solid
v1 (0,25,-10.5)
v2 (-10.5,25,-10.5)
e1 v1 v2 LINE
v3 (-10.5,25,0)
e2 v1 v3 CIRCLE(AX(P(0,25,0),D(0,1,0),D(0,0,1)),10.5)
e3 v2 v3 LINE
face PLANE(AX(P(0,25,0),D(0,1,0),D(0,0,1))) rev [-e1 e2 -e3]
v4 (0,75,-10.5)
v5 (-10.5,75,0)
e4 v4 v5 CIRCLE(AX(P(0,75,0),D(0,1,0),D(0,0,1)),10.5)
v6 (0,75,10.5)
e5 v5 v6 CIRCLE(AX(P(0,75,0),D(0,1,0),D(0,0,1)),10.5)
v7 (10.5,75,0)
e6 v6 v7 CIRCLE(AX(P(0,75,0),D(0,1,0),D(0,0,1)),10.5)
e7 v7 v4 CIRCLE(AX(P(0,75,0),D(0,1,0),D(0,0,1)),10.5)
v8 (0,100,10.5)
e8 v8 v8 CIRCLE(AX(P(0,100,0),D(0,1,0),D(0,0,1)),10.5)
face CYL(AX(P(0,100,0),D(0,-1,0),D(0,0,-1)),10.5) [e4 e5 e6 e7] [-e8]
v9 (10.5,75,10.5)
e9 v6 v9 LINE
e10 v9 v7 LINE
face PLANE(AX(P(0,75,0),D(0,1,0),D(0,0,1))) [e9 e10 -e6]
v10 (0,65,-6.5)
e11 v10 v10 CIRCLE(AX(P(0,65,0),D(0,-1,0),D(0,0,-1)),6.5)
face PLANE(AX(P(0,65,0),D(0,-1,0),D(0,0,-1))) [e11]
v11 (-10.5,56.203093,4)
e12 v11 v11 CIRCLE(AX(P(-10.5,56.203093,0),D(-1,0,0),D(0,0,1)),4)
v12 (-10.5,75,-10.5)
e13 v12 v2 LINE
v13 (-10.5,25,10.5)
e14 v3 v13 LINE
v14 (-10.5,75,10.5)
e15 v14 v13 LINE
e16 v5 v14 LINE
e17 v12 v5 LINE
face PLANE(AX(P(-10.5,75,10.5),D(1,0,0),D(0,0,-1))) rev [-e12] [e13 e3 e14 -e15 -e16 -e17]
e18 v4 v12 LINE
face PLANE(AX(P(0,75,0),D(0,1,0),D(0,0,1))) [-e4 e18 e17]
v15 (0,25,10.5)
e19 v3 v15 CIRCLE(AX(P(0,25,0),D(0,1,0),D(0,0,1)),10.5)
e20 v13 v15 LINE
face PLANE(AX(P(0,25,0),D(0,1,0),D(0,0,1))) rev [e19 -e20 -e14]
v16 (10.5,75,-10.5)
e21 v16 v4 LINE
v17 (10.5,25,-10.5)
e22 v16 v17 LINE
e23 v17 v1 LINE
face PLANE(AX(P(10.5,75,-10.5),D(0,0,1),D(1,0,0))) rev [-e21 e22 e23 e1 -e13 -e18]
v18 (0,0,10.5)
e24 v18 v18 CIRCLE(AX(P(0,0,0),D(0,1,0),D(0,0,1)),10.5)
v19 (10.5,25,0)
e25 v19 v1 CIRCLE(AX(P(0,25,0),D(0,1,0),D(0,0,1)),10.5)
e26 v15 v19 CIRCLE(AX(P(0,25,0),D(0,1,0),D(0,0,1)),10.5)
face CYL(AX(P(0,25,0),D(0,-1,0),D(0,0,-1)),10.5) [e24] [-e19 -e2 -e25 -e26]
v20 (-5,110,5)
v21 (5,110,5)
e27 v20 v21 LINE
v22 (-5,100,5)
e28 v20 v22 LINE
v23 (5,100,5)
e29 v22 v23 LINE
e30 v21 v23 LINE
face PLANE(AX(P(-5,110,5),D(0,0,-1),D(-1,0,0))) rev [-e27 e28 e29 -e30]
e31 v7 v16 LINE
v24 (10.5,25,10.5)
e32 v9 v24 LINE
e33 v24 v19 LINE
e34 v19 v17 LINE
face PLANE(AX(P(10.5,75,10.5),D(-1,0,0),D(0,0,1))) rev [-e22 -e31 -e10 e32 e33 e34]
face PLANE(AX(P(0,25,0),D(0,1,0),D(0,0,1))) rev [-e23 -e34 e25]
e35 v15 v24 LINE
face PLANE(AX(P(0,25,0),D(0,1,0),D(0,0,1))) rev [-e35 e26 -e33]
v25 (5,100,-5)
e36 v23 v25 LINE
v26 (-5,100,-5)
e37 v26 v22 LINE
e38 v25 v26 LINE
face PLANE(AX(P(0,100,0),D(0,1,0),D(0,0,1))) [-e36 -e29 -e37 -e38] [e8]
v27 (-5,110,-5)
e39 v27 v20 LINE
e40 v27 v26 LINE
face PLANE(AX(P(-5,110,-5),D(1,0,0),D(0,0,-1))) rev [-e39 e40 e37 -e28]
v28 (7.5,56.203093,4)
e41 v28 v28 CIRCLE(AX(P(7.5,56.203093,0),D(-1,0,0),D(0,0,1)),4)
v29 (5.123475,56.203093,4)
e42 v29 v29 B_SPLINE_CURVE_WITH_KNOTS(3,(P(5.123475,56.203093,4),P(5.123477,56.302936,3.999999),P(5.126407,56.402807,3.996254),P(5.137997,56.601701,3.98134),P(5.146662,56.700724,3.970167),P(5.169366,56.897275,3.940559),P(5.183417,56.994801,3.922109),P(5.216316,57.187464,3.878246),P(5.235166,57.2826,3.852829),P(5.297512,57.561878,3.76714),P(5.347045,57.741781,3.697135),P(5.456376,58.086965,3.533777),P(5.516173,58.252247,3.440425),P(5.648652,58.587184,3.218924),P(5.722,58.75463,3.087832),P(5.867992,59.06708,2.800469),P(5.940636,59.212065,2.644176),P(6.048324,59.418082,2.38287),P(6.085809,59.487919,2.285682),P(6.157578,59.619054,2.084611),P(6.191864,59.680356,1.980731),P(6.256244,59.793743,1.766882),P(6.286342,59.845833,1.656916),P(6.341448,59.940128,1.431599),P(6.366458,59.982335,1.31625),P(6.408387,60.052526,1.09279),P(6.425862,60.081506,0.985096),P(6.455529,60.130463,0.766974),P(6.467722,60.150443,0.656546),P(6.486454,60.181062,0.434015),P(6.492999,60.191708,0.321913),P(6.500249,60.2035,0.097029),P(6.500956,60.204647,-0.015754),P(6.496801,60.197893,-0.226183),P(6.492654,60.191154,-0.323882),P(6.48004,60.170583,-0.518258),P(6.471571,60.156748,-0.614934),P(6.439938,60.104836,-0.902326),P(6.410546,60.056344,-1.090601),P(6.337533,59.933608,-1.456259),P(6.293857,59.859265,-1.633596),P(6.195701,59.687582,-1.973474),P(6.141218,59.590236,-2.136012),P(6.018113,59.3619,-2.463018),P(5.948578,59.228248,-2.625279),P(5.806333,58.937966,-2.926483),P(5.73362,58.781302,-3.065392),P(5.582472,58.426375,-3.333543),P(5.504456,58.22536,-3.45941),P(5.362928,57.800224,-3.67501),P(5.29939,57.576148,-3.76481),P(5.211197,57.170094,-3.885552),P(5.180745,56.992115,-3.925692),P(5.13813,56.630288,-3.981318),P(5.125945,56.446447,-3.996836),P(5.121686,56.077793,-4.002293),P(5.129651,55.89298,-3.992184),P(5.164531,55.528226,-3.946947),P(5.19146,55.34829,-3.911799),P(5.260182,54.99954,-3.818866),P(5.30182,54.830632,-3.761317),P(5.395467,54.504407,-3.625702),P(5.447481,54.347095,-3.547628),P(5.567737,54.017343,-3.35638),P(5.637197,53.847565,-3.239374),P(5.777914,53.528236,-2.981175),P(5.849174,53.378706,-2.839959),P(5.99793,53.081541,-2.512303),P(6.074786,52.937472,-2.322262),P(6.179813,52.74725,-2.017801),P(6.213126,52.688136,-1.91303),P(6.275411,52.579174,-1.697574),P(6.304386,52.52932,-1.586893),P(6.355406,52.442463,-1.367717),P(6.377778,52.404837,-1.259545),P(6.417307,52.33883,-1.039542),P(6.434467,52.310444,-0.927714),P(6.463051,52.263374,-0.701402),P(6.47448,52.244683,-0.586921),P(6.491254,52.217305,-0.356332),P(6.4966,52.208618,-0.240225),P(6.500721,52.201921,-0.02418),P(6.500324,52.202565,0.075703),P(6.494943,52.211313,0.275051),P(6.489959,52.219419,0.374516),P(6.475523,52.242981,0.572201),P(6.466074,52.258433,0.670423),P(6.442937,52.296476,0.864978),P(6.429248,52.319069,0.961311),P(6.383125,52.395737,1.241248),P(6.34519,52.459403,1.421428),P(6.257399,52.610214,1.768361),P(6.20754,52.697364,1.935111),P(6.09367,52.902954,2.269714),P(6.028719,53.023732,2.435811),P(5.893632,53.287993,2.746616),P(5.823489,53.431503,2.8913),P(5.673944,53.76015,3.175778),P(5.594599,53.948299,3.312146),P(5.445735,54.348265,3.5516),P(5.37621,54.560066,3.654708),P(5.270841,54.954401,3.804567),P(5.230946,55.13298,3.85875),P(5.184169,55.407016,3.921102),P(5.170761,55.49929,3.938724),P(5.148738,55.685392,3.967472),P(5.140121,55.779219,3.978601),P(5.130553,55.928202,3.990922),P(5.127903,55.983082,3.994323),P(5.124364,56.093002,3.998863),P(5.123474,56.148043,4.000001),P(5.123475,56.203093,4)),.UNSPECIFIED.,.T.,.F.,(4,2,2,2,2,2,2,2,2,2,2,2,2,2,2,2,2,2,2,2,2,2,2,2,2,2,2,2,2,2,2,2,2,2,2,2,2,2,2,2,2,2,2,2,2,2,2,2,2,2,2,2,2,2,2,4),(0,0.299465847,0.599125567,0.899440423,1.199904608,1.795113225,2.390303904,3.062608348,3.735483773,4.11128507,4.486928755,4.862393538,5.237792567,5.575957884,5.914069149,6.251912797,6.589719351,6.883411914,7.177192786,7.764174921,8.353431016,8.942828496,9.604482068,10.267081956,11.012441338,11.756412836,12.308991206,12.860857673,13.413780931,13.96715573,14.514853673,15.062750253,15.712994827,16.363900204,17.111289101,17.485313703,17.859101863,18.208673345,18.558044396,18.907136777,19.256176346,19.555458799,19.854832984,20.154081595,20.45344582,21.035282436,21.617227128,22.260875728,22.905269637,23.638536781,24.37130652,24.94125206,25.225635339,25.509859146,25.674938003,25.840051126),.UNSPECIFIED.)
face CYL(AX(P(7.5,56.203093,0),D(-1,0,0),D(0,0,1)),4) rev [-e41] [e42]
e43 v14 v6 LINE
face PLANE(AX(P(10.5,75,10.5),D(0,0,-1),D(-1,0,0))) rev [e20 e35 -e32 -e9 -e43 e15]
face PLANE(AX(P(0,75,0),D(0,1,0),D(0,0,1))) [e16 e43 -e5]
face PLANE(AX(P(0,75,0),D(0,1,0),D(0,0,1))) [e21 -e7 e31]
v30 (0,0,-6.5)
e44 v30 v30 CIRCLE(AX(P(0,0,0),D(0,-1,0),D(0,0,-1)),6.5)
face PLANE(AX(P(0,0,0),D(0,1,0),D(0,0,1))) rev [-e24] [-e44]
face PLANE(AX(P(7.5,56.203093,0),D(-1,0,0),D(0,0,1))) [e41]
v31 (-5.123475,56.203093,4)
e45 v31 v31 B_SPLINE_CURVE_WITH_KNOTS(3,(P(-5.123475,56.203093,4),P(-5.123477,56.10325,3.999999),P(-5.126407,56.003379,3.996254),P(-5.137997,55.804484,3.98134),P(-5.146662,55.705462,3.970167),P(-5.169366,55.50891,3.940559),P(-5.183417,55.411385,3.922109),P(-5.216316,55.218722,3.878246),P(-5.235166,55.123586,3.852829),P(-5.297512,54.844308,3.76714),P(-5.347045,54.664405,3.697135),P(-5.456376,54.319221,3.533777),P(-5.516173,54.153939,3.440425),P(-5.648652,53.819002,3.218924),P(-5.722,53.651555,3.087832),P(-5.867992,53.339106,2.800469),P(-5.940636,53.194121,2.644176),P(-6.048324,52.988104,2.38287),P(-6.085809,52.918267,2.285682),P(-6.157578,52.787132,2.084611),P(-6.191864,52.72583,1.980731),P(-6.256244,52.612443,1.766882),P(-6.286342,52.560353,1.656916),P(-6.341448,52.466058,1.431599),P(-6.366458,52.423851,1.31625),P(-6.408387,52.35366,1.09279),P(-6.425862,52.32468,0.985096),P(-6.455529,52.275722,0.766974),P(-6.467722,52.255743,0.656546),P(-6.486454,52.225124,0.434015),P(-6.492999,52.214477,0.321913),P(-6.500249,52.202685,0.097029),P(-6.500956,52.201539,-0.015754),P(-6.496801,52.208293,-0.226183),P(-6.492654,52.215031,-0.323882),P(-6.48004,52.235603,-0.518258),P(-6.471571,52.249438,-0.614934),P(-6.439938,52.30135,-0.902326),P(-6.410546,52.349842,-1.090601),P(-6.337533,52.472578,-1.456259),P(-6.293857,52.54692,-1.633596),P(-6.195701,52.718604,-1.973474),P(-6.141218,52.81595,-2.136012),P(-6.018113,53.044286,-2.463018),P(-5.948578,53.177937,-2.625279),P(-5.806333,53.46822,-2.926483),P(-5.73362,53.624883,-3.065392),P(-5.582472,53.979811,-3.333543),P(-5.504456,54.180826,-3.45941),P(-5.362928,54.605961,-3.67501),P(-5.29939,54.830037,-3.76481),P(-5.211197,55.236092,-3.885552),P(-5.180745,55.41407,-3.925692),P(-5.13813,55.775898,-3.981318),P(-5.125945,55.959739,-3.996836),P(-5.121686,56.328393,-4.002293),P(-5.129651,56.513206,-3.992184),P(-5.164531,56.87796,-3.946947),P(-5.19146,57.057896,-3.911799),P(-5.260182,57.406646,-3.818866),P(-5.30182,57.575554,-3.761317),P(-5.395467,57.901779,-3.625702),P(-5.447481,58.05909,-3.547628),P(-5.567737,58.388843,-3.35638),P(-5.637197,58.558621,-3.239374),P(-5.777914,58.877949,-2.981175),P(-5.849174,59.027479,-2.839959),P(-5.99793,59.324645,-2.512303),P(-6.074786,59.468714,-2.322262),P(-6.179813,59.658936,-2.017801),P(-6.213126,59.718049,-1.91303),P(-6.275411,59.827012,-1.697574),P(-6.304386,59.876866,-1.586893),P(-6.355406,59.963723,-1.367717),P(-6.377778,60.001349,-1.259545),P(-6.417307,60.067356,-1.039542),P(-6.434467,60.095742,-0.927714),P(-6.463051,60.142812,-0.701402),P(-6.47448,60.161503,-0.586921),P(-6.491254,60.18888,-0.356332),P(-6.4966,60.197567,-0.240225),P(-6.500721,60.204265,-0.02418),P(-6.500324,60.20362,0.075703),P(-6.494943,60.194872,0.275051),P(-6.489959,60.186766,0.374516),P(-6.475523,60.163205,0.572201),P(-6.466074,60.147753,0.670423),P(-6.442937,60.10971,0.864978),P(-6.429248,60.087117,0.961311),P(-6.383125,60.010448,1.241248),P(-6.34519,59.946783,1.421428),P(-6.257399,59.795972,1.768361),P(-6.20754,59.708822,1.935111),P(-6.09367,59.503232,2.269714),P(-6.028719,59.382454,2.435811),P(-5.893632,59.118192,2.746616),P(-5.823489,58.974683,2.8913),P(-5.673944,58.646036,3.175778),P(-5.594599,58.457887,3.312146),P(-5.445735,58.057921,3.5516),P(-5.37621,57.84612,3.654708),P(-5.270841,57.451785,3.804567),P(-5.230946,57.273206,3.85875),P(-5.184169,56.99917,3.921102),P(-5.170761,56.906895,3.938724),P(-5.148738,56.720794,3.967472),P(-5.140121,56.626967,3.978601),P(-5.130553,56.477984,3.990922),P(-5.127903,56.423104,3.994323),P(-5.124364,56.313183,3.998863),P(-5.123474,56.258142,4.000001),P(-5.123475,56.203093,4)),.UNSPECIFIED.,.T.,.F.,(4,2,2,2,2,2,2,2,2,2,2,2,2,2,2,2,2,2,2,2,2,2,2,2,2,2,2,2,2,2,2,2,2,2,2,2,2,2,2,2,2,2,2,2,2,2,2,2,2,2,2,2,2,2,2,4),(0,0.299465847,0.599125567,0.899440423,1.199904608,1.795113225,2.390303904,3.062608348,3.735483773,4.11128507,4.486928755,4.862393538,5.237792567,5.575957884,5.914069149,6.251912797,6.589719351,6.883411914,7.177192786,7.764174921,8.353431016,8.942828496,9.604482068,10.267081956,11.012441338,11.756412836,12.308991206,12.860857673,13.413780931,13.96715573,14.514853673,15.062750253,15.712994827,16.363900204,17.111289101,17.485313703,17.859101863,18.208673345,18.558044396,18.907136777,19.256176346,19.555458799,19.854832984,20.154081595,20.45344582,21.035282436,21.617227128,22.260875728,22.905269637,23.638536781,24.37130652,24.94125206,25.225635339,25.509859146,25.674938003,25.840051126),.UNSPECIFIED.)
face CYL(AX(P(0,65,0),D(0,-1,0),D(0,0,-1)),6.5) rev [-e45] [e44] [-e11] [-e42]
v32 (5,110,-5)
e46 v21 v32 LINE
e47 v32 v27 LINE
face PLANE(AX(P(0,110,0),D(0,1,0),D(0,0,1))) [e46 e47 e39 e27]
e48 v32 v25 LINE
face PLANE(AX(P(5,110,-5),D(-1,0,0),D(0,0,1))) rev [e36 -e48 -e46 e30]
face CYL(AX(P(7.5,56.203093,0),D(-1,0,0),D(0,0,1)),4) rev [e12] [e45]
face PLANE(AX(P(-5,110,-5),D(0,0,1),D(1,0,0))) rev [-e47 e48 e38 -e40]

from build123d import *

# Parameters (mm, degrees)
SKETCH2_R           = 10.5
BOSS_EXTRUDE1_DEPTH = 25
SKETCH3_W           = 21
SKETCH3_H           = 21
BOSS_EXTRUDE2_DEPTH = 50
SKETCH4_R           = 10.5
BOSS_EXTRUDE3_DEPTH = 25
SKETCH5_W           = 10
SKETCH5_H           = 10
BOSS_EXTRUDE4_DEPTH = 10
SKETCH6_R           = 4
CUT_EXTRUDE1_DEPTH  = 18
SKETCH7_R           = 6.5
CUT_EXTRUDE2_DEPTH  = 65


with BuildPart() as part:
    # Sketch2 → Boss-Extrude1 (new body)
    with BuildSketch(Plane(origin=(0, 0, 0), x_dir=(1, 0, 0), z_dir=(0, 1, 0))):
        with Locations(Location((0, 0, 0), (0, 0, 270))):
            Circle(SKETCH2_R)
    extrude(amount=BOSS_EXTRUDE1_DEPTH)

    # Sketch3 → Boss-Extrude2 (add)
    with BuildSketch(Plane(origin=(0, 25, 0), x_dir=(1, 0, 0), z_dir=(0, 1, 0))):
        Rectangle(SKETCH3_W, SKETCH3_H)
    extrude(amount=BOSS_EXTRUDE2_DEPTH)

    # Sketch4 → Boss-Extrude3 (add)
    with BuildSketch(Plane(origin=(0, 75, 0), x_dir=(1, 0, 0), z_dir=(0, 1, 0))):
        with Locations(Location((0, 0, 0), (0, 0, 270))):
            Circle(SKETCH4_R)
    extrude(amount=BOSS_EXTRUDE3_DEPTH)

    # Sketch5 → Boss-Extrude4 (add)
    with BuildSketch(Plane(origin=(0, 100, 0), x_dir=(1, 0, 0), z_dir=(0, 1, 0))):
        Rectangle(SKETCH5_W, SKETCH5_H)
    extrude(amount=BOSS_EXTRUDE4_DEPTH)

    # Sketch6 → Cut-Extrude1 (cut)
    with BuildSketch(Plane.ZY.offset(10.5)):
        with Locations((0, 56.203092856)):
            Circle(SKETCH6_R)
    extrude(amount=-CUT_EXTRUDE1_DEPTH, mode=Mode.SUBTRACT)

    # Sketch7 → Cut-Extrude2 (cut)
    with BuildSketch(Plane.XZ):
        with Locations(Location((0, 0, 0), (0, 0, 270))):
            Circle(SKETCH7_R)
    extrude(amount=-CUT_EXTRUDE2_DEPTH, mode=Mode.SUBTRACT)


solid = part.part
